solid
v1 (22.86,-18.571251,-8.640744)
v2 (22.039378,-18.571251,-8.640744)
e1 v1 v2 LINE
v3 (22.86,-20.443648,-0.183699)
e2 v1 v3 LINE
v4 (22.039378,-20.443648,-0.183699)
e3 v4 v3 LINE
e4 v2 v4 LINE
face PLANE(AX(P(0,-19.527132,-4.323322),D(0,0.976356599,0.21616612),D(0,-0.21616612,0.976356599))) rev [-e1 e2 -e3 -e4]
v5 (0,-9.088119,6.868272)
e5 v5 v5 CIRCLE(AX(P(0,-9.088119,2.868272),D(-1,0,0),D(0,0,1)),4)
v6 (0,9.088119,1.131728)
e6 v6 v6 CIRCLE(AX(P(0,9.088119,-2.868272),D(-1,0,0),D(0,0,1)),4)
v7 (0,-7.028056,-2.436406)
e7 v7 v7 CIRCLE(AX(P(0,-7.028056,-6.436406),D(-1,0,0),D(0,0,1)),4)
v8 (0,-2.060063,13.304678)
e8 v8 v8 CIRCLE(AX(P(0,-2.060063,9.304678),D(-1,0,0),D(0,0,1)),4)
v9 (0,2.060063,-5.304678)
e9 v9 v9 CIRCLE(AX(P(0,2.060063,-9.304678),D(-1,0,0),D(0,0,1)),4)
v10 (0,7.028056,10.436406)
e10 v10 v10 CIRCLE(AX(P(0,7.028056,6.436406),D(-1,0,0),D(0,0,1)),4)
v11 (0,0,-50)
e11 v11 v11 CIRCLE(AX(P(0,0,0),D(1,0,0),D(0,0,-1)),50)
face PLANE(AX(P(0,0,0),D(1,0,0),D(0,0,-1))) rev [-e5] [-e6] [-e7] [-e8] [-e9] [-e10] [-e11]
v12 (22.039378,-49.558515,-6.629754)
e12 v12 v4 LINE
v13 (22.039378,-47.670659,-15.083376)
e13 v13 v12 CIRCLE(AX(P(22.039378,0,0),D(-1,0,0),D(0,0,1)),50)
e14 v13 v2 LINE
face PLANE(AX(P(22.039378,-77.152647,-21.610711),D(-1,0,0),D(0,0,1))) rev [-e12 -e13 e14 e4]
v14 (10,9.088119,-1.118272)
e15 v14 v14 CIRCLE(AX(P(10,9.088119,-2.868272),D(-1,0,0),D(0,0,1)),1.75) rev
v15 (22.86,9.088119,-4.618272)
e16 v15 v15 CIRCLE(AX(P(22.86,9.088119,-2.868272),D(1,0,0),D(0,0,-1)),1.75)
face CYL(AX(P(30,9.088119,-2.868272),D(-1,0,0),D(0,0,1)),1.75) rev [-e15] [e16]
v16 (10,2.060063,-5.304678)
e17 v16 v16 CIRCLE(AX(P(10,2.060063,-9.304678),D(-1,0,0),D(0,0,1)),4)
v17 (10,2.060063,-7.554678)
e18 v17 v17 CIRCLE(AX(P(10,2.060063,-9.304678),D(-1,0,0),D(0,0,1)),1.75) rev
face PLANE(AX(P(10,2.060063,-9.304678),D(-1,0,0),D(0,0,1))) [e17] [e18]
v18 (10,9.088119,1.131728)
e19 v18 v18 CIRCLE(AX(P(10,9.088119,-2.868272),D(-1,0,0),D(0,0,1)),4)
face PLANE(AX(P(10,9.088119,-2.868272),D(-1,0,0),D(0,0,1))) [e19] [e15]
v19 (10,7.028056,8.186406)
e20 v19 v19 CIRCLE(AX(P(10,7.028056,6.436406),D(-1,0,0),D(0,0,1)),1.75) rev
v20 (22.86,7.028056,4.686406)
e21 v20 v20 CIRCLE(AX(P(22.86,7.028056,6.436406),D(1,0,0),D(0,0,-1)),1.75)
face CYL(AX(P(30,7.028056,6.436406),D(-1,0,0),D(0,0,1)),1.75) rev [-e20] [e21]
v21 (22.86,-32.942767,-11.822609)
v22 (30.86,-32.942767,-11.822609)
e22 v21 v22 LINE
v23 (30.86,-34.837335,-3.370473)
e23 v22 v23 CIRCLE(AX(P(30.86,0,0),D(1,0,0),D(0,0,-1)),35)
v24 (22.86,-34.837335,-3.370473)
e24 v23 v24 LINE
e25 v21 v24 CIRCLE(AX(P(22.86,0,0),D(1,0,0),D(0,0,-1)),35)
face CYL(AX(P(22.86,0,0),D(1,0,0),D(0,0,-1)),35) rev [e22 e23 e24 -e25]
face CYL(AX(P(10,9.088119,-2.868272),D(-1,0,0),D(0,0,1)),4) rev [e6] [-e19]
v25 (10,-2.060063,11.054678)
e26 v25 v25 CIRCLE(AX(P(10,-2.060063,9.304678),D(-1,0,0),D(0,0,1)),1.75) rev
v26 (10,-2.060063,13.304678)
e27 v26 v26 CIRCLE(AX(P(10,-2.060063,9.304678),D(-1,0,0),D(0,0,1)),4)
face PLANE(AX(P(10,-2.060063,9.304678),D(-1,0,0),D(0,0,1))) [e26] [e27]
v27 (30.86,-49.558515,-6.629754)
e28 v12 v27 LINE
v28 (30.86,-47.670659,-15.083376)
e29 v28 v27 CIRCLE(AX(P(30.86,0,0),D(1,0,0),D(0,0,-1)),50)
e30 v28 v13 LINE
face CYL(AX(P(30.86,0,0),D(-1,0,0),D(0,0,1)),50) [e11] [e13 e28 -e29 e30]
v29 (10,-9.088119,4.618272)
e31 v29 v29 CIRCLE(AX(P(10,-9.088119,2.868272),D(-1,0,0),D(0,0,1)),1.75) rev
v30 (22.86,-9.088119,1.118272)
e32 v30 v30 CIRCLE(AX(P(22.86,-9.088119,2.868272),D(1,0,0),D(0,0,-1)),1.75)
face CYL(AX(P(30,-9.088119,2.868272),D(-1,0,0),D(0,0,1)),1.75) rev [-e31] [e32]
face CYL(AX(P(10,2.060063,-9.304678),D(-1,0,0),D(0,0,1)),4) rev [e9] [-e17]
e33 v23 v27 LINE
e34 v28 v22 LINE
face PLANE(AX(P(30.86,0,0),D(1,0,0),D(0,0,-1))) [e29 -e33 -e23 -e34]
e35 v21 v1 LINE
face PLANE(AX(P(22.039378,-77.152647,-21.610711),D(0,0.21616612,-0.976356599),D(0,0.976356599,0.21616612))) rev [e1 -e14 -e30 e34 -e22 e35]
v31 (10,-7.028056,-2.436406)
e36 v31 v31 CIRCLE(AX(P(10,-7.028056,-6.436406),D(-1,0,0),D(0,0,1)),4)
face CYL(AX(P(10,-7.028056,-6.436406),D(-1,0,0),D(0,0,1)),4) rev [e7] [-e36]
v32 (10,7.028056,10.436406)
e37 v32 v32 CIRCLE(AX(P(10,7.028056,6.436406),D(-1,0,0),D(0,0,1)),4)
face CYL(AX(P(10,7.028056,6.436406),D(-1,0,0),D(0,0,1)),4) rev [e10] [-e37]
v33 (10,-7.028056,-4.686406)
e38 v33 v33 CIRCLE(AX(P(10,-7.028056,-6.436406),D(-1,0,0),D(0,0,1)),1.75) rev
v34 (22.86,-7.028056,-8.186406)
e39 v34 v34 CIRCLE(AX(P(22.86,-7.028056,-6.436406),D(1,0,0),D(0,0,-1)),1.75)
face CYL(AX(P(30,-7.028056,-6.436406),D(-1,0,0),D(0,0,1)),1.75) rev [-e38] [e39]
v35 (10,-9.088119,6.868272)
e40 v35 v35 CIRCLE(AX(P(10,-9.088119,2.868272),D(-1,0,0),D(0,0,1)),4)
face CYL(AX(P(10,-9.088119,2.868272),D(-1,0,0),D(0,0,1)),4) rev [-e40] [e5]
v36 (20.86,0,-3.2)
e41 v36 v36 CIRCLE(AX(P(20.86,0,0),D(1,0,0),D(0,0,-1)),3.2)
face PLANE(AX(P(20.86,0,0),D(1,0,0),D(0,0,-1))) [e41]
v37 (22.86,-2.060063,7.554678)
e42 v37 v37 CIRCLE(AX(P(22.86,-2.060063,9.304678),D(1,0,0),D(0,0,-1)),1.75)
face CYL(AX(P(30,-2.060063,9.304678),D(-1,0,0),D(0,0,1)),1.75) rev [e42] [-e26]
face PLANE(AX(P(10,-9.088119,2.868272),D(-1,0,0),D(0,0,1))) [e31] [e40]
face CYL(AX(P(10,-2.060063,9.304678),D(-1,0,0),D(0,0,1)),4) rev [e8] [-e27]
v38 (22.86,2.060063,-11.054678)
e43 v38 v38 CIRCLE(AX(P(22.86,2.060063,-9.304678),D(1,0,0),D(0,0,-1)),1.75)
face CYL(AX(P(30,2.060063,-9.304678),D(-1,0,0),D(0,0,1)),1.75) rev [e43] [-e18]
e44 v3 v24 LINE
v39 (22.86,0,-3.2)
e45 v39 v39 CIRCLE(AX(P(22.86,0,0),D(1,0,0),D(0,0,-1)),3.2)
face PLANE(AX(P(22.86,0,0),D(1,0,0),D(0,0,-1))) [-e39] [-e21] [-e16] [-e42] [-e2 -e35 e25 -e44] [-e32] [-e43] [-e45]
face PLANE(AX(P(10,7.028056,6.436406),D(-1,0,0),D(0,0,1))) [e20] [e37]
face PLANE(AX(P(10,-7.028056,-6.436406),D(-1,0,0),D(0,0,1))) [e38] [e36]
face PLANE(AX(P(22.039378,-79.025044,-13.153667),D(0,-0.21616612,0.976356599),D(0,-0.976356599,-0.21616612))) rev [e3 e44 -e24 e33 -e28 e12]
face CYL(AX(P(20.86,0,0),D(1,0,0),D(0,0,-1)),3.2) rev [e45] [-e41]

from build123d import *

# Parameters (mm, degrees)
SKETCH1_R           = 50
BOSS_EXTRUDE1_DEPTH = 30.86
SKETCH2_R           = 35
CUT_EXTRUDE1_DEPTH  = 8
CUT_EXTRUDE4_START  = -20
SKETCH10_W          = 10.01875972
SKETCH10_H          = 8.661840267
CUT_EXTRUDE4_DEPTH  = 60
SKETCH12_R          = 3.2
CUT_EXTRUDE5_DEPTH  = 2
SKETCH5_R           = 1.75
CUT_EXTRUDE3_DEPTH  = 30
SKETCH8_R           = 4
CUT_EXTRUDE6_DEPTH  = 10


with BuildPart() as part:
    # Sketch1 → Boss-Extrude1 (new body)
    with BuildSketch(Plane(origin=(0, 0, 0), x_dir=(0, 0, -1), z_dir=(1, 0, 0))):
        Circle(SKETCH1_R)
    extrude(amount=BOSS_EXTRUDE1_DEPTH)

    # Sketch2 → Cut-Extrude1 (cut)
    with BuildSketch(Plane(origin=(30.86, 0, 0), x_dir=(0, 0, -1), z_dir=(1, 0, 0))):
        Circle(SKETCH2_R)
    extrude(amount=-CUT_EXTRUDE1_DEPTH, mode=Mode.SUBTRACT)

    # Sketch10 → Cut-Extrude4 (cut)
    with BuildSketch(Plane(origin=(0, 0, 0), x_dir=(1, 0, 0), z_dir=(0, 0.9763565991877232, 0.2161661195066977)).offset(CUT_EXTRUDE4_START)):
        with Locations((27.048757514, 0.091052199)):
            Rectangle(SKETCH10_W, SKETCH10_H)
    extrude(amount=-CUT_EXTRUDE4_DEPTH, mode=Mode.SUBTRACT)

    # Sketch12 → Cut-Extrude5 (cut)
    with BuildSketch(Plane(origin=(22.86, 0, 0), x_dir=(0, 0, -1), z_dir=(1, 0, 0))):
        Circle(SKETCH12_R)
    extrude(amount=-CUT_EXTRUDE5_DEPTH, mode=Mode.SUBTRACT)

    # Sketch5 → Cut-Extrude3 (cut)
    with BuildSketch(Plane.ZY):
        with Locations((2.868272201, -9.088119419)):
            Circle(SKETCH5_R)
        with Locations((-6.436406189, -7.028056301)):
            Circle(SKETCH5_R)
        with Locations((-9.30467839, 2.060063119)):
            Circle(SKETCH5_R)
        with Locations((-2.868272201, 9.088119419)):
            Circle(SKETCH5_R)
        with Locations((6.436406189, 7.028056301)):
            Circle(SKETCH5_R)
        with Locations((9.30467839, -2.060063119)):
            Circle(SKETCH5_R)
    extrude(amount=-CUT_EXTRUDE3_DEPTH, mode=Mode.SUBTRACT)

    # Sketch8 → Cut-Extrude6 (cut)
    with BuildSketch(Plane.ZY):
        with Locations((-2.868272201, 9.088119419)):
            Circle(SKETCH8_R)
        with Locations((6.436406189, 7.028056301)):
            Circle(SKETCH8_R)
        with Locations((9.30467839, -2.060063119)):
            Circle(SKETCH8_R)
        with Locations((2.868272201, -9.088119419)):
            Circle(SKETCH8_R)
        with Locations((-6.436406189, -7.028056301)):
            Circle(SKETCH8_R)
        with Locations((-9.30467839, 2.060063119)):
            Circle(SKETCH8_R)
    extrude(amount=-CUT_EXTRUDE6_DEPTH, mode=Mode.SUBTRACT)


solid = part.part
